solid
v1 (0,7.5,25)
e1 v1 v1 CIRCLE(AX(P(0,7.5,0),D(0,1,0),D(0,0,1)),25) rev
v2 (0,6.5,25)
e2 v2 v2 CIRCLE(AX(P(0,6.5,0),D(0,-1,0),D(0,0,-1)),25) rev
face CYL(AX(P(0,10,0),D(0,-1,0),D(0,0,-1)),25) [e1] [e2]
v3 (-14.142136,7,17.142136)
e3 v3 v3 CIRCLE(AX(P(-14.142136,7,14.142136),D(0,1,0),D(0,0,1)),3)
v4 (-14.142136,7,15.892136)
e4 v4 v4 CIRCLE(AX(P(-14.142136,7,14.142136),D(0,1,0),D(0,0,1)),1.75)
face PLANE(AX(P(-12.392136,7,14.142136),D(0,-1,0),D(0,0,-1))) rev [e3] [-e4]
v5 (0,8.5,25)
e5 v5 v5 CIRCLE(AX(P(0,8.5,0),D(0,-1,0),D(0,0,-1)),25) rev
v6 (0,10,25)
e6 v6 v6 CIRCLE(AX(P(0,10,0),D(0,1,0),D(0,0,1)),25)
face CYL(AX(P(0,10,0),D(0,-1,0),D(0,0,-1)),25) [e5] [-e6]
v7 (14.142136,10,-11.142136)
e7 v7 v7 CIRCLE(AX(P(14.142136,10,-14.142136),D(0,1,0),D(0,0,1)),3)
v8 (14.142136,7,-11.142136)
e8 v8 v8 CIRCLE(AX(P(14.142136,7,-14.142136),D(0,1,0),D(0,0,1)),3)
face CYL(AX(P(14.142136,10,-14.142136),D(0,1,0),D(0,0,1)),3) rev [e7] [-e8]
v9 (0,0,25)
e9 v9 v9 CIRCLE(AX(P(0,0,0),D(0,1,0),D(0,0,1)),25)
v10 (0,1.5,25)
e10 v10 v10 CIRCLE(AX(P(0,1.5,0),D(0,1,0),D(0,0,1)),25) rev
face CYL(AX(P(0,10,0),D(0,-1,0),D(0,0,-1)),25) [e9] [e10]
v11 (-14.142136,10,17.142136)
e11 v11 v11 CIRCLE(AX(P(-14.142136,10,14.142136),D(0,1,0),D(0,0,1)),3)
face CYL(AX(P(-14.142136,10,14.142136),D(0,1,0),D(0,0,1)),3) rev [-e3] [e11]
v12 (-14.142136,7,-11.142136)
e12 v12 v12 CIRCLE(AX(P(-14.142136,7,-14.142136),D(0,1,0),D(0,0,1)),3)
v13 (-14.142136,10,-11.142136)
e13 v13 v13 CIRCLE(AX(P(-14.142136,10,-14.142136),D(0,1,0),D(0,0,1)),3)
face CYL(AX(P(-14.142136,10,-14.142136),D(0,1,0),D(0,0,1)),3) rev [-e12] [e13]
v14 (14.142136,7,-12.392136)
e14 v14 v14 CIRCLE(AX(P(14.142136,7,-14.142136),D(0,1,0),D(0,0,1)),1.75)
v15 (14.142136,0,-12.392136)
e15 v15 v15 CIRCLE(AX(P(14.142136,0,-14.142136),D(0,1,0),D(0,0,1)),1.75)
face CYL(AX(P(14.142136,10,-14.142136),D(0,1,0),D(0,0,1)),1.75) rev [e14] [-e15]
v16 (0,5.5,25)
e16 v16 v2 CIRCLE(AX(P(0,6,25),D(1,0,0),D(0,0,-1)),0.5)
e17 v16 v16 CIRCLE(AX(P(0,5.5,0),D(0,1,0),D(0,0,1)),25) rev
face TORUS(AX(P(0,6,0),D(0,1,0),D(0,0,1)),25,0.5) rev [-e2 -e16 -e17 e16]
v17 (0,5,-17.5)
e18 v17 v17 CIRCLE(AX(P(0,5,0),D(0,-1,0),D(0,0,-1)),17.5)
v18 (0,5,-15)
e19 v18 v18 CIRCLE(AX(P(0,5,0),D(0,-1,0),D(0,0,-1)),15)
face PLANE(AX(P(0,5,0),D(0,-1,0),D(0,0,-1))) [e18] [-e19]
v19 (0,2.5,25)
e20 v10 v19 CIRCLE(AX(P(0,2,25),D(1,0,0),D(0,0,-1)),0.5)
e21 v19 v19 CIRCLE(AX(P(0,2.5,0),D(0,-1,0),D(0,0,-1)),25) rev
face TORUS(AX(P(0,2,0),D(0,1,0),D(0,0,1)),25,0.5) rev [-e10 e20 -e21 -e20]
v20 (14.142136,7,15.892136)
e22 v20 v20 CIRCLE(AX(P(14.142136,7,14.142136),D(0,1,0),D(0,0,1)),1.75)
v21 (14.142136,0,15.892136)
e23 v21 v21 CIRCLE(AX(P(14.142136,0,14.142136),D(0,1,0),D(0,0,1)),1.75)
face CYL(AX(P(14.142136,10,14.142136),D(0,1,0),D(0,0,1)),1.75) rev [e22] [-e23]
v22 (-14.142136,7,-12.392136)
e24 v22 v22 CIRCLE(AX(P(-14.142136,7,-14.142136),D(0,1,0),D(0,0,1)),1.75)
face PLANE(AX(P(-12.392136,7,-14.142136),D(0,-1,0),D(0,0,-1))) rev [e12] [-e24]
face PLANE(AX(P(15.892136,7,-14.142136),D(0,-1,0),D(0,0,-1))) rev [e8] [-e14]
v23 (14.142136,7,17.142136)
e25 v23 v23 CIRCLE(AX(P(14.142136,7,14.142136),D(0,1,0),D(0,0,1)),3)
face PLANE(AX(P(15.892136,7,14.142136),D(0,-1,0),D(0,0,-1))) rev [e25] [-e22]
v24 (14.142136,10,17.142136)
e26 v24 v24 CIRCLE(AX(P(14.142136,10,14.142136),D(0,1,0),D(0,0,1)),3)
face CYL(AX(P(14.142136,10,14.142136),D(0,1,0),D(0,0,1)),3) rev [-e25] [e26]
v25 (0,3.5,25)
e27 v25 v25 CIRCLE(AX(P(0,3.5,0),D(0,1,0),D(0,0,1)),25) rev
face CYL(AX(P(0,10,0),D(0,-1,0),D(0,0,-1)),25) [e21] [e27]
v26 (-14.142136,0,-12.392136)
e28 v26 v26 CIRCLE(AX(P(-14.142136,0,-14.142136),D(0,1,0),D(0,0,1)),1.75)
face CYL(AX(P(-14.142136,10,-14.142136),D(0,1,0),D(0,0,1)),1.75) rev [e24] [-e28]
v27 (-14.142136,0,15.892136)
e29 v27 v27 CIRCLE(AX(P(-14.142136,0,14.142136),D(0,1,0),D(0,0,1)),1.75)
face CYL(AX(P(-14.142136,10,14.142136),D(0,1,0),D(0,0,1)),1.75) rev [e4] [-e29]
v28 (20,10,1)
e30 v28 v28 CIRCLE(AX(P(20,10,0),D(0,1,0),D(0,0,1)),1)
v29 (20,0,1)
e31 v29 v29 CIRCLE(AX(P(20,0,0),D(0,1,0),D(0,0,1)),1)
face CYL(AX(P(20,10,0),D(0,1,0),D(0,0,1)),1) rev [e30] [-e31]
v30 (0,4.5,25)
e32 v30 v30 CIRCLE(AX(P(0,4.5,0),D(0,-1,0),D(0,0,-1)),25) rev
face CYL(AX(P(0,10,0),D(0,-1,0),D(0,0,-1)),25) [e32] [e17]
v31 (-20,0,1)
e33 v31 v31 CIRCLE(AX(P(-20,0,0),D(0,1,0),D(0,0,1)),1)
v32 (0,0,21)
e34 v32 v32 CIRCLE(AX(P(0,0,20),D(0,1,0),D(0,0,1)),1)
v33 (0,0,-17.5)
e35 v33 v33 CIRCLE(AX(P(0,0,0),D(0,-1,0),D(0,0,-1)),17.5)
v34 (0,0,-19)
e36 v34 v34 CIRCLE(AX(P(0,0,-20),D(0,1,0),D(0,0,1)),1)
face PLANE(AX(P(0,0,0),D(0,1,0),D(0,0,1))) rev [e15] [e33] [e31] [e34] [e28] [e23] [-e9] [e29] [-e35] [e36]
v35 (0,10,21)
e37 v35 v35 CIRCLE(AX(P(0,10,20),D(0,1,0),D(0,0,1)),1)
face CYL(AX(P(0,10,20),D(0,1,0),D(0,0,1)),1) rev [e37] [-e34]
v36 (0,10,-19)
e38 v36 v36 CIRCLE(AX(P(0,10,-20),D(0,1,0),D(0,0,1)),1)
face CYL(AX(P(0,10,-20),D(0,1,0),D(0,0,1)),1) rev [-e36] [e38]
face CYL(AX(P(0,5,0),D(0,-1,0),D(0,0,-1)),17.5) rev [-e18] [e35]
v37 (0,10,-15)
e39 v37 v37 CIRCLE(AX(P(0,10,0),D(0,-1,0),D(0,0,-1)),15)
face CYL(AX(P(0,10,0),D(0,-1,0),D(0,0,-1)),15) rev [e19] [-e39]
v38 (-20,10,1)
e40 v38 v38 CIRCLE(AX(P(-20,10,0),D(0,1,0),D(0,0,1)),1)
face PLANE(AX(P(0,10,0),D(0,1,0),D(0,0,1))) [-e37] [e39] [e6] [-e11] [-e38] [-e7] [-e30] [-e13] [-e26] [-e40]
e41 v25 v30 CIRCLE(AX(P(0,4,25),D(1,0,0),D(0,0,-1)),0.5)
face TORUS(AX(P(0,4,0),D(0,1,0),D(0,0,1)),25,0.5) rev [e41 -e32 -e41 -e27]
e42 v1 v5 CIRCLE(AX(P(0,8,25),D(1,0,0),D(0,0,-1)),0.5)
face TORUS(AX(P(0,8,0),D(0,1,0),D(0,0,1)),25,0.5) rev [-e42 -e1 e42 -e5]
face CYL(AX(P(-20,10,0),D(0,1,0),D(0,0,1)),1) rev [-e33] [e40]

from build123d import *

# Parameters (mm, degrees)
SKETCH_1_R                = 25
EXTRUDE_1_DEPTH           = 10
HOLE_WIZARD_1_D           = 2
SKETCH_4_R                = 17.5
CUT_EXTRUDE_1_DEPTH       = 5
SKETCH_5_R                = 15
CUT_EXTRUDE_2_DEPTH       = 5
HOLE_WIZARD_3_D           = 3.5
HOLE_WIZARD_3_CBORE_D     = 6
HOLE_WIZARD_3_CBORE_DEPTH = 3
SWEEP_1_PROFILE_R         = 0.5
PATTERN_LINEAR_1_COUNT    = 4
PATTERN_LINEAR_1_PITCH    = 2


with BuildPart() as part:
    # 草图1 → 凸台-拉伸1 (new body)
    with BuildSketch(Plane(origin=(0, 0, 0), x_dir=(1, 0, 0), z_dir=(0, 1, 0))):
        with Locations(Location((0, 0, 0), (0, 0, 270))):
            Circle(SKETCH_1_R)
    extrude(amount=EXTRUDE_1_DEPTH)

    # 孔1 (through all)
    with Locations(Plane(origin=(0, 10, 0), x_dir=(1, 0, 0), z_dir=(0, 1, 0))):
        with Locations((0, -20), (20, 0), (0, 20), (-20, 0)):
            Hole(HOLE_WIZARD_1_D / 2)

    # 草图4 → 切除-拉伸1 (cut)
    with BuildSketch(Plane.XZ):
        with Locations(Location((0, 0, 0), (0, 0, 270))):
            Circle(SKETCH_4_R)
    extrude(amount=-CUT_EXTRUDE_1_DEPTH, mode=Mode.SUBTRACT)

    # 草图5 → 切除-拉伸2 (cut)
    with BuildSketch(Plane.XZ.offset(-5)):
        with Locations(Location((0, 0, 0), (0, 0, 270))):
            Circle(SKETCH_5_R)
    extrude(amount=-CUT_EXTRUDE_2_DEPTH, mode=Mode.SUBTRACT)

    # 孔3 (through all)
    with Locations(Plane(origin=(0, 10, 0), x_dir=(1, 0, 0), z_dir=(0, 1, 0))):
        with Locations((-14.142135624, 14.142135624), (14.142135624, 14.142135624), (14.142135624, -14.142135624), (-14.142135624, -14.142135624)):
            CounterBoreHole(HOLE_WIZARD_3_D / 2, HOLE_WIZARD_3_CBORE_D / 2, HOLE_WIZARD_3_CBORE_DEPTH)

    # 切除-扫描1: sweep along a path in 草图11
    with BuildLine(Plane(origin=(0, 2, 0), x_dir=(1, 0, 0), z_dir=(0, 1, 0))) as sweep_1_path:
        CenterArc((0, 0), 25, 0, 360)
    # 切除-扫描1 profile (on start of the path) → 切除-扫描1 (sweep, cut)
    with BuildSketch(Plane(origin=(25, 2, 0), x_dir=(-1, 0, 0), z_dir=(0, 0, -1))):
        Circle(SWEEP_1_PROFILE_R)
    sweep_1 = sweep(path=sweep_1_path.line, mode=Mode.SUBTRACT)

    # 阵列(线性)1: 切除-扫描1 ×4
    with Locations(*[(0, i * PATTERN_LINEAR_1_PITCH, 0) for i in range(1, PATTERN_LINEAR_1_COUNT)]):
        add(sweep_1, mode=Mode.SUBTRACT)


solid = part.part
